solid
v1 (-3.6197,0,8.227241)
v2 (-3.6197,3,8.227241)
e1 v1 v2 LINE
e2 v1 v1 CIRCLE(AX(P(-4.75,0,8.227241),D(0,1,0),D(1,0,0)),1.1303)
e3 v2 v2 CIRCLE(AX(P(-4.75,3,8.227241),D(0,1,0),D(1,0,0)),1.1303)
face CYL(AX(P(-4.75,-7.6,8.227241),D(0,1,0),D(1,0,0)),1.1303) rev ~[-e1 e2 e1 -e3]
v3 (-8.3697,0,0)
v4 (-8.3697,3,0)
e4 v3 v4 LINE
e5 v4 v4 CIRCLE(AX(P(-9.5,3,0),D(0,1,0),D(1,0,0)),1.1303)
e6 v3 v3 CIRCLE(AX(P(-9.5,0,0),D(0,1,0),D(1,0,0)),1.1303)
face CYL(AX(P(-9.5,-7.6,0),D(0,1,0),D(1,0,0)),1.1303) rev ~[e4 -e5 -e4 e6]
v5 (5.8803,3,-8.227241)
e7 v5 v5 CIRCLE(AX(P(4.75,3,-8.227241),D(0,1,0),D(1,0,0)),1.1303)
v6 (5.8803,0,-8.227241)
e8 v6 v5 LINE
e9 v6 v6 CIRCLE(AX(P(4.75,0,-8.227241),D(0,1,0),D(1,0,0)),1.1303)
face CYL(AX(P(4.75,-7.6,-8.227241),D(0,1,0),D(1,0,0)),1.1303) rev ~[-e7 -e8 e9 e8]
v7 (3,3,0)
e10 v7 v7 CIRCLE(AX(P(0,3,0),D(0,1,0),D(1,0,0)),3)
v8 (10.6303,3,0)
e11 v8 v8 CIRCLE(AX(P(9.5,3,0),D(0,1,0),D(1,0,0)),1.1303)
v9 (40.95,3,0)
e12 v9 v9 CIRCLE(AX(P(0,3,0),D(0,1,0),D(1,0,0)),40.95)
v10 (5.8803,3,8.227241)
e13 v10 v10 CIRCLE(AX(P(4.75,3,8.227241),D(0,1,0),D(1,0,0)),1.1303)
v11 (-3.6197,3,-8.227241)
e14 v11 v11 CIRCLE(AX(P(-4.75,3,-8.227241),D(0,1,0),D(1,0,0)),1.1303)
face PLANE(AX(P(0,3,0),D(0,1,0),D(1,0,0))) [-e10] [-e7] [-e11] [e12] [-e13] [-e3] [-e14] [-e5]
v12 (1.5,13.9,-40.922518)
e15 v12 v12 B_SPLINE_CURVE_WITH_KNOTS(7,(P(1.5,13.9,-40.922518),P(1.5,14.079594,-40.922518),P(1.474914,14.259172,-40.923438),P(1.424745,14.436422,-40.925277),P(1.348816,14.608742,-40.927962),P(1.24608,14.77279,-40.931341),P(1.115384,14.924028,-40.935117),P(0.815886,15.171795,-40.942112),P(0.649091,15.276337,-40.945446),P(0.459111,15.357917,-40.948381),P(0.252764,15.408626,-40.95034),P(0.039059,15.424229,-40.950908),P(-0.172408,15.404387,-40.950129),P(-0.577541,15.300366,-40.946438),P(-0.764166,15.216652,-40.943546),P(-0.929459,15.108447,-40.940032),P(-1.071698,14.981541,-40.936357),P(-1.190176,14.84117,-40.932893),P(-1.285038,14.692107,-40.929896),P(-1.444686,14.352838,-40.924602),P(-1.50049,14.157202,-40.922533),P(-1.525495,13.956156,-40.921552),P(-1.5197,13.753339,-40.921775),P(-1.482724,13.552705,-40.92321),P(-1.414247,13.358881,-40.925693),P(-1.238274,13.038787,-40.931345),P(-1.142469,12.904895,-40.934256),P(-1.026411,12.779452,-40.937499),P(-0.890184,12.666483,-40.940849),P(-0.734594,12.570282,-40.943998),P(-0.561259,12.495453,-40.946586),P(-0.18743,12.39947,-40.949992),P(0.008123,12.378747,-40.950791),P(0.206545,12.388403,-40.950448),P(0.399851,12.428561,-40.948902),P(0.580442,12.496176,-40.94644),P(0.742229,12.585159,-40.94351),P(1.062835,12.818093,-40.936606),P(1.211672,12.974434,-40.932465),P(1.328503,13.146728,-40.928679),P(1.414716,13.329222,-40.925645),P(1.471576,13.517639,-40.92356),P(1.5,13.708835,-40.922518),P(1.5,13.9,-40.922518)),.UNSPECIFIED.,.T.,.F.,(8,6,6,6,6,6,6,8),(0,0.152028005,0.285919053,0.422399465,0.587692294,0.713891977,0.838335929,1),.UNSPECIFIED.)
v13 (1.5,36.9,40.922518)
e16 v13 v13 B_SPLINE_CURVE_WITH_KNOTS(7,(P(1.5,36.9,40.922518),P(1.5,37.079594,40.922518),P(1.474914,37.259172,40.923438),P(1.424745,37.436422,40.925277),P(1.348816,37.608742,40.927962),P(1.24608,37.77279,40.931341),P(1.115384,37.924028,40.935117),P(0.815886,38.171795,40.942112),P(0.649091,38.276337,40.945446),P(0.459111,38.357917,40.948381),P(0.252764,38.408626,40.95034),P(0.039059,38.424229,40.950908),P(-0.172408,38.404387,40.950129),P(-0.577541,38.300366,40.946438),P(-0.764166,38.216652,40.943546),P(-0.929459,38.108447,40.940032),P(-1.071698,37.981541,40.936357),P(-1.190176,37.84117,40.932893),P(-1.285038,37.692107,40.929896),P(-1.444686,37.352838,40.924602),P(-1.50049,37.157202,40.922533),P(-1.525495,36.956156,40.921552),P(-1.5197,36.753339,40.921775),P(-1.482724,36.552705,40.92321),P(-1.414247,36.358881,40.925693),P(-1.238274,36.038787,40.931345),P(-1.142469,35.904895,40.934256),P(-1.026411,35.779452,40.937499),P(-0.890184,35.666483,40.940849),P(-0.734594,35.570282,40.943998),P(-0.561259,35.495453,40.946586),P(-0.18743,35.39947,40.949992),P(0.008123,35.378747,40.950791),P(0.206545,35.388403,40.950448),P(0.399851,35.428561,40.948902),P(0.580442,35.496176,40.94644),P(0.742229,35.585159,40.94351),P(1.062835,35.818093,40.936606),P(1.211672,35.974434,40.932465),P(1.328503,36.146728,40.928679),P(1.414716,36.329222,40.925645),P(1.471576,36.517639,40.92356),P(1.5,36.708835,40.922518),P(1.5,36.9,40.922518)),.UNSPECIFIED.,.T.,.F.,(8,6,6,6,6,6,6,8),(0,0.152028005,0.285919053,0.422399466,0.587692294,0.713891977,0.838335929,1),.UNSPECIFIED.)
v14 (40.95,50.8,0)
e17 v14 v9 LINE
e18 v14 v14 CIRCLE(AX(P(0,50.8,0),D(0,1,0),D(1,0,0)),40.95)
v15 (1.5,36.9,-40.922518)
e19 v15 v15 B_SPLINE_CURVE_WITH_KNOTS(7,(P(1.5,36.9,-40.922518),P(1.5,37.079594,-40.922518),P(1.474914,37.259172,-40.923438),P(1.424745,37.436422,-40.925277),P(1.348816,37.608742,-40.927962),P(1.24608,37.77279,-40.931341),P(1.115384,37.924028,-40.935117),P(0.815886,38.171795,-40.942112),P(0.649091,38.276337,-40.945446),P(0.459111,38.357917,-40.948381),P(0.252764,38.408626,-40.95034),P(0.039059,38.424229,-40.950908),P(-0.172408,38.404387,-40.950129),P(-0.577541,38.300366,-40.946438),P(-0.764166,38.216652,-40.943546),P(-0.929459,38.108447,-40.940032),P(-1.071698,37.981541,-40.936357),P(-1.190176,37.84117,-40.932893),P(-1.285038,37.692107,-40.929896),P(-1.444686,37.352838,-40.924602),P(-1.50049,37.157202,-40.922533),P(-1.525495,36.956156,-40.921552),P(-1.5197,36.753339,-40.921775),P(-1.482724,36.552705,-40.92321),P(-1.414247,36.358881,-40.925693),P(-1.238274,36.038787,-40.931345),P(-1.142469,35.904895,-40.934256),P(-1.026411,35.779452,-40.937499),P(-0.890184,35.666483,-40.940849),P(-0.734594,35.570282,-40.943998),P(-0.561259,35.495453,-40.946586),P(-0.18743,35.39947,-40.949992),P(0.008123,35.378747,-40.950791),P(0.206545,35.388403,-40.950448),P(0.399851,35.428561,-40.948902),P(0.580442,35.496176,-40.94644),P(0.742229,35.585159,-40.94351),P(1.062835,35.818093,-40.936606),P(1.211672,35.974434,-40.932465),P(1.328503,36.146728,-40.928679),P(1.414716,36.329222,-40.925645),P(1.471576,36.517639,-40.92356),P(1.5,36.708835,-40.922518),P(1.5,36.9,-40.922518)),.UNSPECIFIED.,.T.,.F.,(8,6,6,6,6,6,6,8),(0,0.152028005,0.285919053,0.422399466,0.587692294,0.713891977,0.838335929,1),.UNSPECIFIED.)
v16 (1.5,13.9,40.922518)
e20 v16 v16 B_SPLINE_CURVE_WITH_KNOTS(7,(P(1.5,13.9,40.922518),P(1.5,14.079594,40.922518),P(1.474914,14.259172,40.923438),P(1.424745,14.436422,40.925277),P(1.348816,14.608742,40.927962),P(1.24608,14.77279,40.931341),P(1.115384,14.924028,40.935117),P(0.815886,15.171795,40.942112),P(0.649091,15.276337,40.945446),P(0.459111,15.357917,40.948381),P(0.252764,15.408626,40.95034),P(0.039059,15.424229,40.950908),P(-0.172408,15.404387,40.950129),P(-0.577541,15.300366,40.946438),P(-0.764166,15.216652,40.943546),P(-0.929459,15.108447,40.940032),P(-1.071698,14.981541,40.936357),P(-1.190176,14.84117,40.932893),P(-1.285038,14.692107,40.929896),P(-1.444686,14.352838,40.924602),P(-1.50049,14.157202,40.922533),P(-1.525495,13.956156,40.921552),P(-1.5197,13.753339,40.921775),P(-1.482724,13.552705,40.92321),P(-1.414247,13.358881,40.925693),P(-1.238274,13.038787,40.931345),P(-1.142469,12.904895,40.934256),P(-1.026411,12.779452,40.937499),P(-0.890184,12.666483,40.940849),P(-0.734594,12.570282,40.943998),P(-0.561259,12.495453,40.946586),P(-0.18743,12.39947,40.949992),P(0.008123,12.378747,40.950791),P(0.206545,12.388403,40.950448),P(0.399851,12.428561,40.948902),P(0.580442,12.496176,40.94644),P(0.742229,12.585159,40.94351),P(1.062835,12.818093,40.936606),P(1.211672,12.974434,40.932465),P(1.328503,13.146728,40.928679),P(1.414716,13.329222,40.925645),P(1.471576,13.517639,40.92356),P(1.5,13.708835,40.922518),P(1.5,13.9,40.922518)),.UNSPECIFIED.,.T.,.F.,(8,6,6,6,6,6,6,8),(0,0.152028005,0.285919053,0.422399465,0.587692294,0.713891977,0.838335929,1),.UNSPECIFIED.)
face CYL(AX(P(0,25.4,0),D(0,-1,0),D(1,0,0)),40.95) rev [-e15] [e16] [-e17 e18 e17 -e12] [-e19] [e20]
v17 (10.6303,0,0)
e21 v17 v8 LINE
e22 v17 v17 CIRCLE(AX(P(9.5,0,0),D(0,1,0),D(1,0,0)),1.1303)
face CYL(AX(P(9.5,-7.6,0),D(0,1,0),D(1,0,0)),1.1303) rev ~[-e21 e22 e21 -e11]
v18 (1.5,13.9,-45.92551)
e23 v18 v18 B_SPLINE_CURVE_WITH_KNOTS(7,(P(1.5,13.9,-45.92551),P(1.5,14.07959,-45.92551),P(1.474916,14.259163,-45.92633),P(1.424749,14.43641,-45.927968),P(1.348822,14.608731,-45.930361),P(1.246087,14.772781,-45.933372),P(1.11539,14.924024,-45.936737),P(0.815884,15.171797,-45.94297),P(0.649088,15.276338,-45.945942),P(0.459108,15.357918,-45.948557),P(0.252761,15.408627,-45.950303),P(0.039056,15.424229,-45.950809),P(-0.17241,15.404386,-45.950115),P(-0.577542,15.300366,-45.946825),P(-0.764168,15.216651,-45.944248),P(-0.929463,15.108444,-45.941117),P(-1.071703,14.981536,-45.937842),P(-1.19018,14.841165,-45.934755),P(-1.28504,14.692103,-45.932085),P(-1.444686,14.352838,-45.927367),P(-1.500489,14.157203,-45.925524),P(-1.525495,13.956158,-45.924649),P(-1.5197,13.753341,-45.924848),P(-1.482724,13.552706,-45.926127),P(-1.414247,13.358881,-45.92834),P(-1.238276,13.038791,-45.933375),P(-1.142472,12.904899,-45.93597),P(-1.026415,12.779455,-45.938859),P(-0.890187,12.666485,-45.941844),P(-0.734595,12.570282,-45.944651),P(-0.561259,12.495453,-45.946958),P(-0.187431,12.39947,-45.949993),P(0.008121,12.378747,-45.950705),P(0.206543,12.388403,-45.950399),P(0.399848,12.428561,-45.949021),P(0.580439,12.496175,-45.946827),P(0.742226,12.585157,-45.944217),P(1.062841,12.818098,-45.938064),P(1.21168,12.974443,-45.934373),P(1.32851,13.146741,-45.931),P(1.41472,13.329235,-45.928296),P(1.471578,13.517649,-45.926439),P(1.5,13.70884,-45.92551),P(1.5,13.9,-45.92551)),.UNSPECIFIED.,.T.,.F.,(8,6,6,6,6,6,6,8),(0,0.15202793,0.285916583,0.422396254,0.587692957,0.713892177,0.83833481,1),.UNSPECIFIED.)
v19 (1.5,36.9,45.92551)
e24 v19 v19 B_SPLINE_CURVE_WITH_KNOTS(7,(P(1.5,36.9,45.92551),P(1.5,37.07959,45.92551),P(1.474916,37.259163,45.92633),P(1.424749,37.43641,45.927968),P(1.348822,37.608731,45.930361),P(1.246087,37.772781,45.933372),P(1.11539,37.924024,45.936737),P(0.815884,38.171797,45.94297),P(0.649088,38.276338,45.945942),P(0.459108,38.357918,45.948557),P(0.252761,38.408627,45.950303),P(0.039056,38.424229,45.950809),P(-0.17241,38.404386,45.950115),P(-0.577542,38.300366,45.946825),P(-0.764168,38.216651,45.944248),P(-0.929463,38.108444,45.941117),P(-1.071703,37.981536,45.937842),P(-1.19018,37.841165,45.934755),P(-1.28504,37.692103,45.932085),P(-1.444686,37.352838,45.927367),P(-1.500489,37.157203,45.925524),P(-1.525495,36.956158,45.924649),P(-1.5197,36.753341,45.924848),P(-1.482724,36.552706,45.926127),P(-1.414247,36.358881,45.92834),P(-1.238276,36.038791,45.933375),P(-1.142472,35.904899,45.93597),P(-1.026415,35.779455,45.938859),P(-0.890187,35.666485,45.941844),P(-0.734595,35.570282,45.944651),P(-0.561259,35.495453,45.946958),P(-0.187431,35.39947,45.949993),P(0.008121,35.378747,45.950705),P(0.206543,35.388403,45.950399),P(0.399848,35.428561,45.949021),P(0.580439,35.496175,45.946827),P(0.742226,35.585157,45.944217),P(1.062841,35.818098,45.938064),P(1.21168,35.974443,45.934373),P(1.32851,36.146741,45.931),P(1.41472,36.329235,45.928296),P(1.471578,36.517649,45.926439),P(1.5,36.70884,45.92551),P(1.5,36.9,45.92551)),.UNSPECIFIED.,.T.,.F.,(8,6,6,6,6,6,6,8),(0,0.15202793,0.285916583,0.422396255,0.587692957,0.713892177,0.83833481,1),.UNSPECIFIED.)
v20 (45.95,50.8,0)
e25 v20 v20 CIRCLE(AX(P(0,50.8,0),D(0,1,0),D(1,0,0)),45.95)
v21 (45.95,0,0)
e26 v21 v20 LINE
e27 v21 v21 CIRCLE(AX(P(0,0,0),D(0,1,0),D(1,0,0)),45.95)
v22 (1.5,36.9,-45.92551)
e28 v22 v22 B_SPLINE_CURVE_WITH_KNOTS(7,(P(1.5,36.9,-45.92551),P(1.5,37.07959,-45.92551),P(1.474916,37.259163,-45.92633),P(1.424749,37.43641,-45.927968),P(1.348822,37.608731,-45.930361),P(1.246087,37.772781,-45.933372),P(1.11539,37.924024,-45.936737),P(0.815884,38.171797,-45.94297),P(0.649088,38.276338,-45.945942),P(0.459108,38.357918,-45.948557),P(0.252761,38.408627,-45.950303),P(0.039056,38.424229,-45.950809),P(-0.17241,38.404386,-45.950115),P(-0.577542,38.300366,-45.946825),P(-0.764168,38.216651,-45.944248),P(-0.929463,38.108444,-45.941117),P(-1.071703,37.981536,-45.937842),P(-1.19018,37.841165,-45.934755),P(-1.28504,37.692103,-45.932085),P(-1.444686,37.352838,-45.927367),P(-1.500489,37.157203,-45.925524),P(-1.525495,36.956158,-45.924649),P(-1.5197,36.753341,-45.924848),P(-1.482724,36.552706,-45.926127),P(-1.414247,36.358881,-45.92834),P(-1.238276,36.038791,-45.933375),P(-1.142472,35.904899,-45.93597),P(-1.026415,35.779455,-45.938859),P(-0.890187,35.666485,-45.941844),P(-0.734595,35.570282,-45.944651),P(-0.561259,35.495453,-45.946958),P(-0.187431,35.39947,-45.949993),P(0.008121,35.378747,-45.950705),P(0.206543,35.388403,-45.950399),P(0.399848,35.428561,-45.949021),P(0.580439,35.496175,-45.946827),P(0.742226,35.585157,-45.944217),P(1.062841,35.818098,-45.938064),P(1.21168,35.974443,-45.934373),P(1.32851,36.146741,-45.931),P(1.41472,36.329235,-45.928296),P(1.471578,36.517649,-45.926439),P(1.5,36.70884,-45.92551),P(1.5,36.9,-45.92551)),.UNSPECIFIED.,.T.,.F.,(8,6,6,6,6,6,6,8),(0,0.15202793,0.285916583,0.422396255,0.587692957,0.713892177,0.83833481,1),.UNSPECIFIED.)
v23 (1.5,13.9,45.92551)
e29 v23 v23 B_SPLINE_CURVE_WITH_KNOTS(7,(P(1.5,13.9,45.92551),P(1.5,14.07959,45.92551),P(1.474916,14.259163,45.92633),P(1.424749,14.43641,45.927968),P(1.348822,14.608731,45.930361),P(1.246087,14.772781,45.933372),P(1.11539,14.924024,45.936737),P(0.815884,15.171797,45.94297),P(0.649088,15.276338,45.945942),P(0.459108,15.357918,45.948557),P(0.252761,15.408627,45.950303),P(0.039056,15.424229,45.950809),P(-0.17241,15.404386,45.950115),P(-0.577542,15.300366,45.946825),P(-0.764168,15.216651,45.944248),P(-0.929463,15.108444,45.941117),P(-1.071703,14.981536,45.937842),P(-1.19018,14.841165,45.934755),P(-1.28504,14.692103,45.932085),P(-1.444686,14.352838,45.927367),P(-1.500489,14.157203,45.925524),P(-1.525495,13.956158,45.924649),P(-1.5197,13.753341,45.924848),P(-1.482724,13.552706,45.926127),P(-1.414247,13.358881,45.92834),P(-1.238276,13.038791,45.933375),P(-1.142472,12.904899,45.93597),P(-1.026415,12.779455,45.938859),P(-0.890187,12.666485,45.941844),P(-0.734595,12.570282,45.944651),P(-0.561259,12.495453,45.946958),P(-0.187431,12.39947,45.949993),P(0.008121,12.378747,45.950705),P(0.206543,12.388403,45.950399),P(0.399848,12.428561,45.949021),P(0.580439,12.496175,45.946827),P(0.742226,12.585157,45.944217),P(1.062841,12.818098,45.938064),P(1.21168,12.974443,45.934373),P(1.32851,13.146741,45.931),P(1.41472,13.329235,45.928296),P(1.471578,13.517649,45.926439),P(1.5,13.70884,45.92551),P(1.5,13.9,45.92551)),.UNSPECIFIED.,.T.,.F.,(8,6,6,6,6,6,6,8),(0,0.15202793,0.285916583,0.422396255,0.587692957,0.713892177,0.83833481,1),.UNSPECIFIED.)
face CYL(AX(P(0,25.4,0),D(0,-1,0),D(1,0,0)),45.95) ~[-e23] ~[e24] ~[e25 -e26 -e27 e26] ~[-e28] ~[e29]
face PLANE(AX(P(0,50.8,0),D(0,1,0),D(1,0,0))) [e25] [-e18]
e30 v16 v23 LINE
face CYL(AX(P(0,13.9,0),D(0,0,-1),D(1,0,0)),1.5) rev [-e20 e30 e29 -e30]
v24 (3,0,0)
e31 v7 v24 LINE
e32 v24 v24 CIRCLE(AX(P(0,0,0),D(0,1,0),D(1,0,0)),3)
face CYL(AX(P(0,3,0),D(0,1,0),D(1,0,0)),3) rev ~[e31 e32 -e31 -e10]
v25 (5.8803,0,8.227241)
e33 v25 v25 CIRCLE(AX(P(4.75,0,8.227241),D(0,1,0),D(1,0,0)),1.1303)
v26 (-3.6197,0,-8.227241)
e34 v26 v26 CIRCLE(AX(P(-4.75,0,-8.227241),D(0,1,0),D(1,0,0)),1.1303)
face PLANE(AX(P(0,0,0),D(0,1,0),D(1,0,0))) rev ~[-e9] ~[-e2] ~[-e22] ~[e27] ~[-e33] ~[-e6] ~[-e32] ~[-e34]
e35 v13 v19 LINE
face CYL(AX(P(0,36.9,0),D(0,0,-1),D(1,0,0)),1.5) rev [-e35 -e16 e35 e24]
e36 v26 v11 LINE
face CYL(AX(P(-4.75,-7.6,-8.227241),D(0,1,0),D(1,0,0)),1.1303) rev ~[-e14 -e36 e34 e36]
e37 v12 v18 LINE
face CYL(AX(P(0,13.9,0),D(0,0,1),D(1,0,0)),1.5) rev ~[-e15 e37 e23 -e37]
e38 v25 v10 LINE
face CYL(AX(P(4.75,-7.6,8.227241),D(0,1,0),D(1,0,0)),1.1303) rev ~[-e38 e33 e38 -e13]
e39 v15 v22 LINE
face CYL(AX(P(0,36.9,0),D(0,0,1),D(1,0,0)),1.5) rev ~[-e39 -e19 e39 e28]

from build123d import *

# Parameters (mm, degrees)
SKETCH1_R                 = 45.95
BOSS_EXTRUDE1_DEPTH       = 3
SKETCH2_R                 = 45.95
SKETCH2_R_2               = 40.95
BOSS_EXTRUDE2_DEPTH       = 22.4
F_4_40_TAPPED_HOLE3_D     = 2.2606
F_4_40_TAPPED_HOLE3_DEPTH = 7.6
F_4_40_TAPPED_HOLE3_TIP   = 0.679152758
SKETCH11_R                = 1.5
CUT_EXTRUDE1_DEPTH        = 46.95
CUT_EXTRUDE1_DEPTH_BACK   = 46.95
SKETCH12_R                = 45.95
SKETCH12_R_2              = 40.95
BOSS_EXTRUDE3_DEPTH       = 25.4
SKETCH14_R                = 1.5
CUT_EXTRUDE2_DEPTH        = 46.95000011
CUT_EXTRUDE2_DEPTH_BACK   = 46.95000011
SKETCH15_R                = 3
CUT_EXTRUDE3_DEPTH        = 10


with BuildPart() as part:
    # Sketch1 → Boss-Extrude1 (new body)
    with BuildSketch(Plane(origin=(0, 0, 0), x_dir=(1, 0, 0), z_dir=(0, 1, 0))):
        Circle(SKETCH1_R)
    extrude(amount=BOSS_EXTRUDE1_DEPTH)

    # Sketch2 → Boss-Extrude2 (add)
    with BuildSketch(Plane(origin=(0, 3, 0), x_dir=(1, 0, 0), z_dir=(0, 1, 0))):
        Circle(SKETCH2_R)
        Circle(SKETCH2_R_2, mode=Mode.SUBTRACT)
    extrude(amount=BOSS_EXTRUDE2_DEPTH)

    # #4-40 Tapped Hole3
    with Locations(Plane(origin=(0, 0, 0), x_dir=(-1, 0, 0), z_dir=(0, -1, 0))):
        with Locations((9.5, 0), (4.75, -8.227241336), (-4.75, -8.227241336), (-9.5, 0), (-4.75, 8.227241336), (4.75, 8.227241336)):
            Hole(F_4_40_TAPPED_HOLE3_D / 2, depth=F_4_40_TAPPED_HOLE3_DEPTH)
            with Locations((0, 0, -(F_4_40_TAPPED_HOLE3_DEPTH + F_4_40_TAPPED_HOLE3_TIP / 2))):  # 118° drill point
                Cone(0, F_4_40_TAPPED_HOLE3_D / 2, F_4_40_TAPPED_HOLE3_TIP, mode=Mode.SUBTRACT)

    # Sketch11 → Cut-Extrude1 (cut, two sides)
    with BuildSketch(Plane.XY) as cut_extrude1_sk:
        with Locations((0, 13.9)):
            Circle(SKETCH11_R)
        with Locations((0, -13.9)):
            Circle(SKETCH11_R)
    extrude(amount=CUT_EXTRUDE1_DEPTH, mode=Mode.SUBTRACT)
    extrude(cut_extrude1_sk.sketch, amount=-CUT_EXTRUDE1_DEPTH_BACK, mode=Mode.SUBTRACT)

    # Sketch12 → Boss-Extrude3 (add)
    with BuildSketch(Plane(origin=(0, 25.4, 0), x_dir=(1, 0, 0), z_dir=(0, 1, 0))):
        Circle(SKETCH12_R)
        Circle(SKETCH12_R_2, mode=Mode.SUBTRACT)
    extrude(amount=BOSS_EXTRUDE3_DEPTH)

    # Sketch14 → Cut-Extrude2 (cut, two sides)
    with BuildSketch(Plane.XY) as cut_extrude2_sk:
        with Locations((0, 36.9)):
            Circle(SKETCH14_R)
    extrude(amount=CUT_EXTRUDE2_DEPTH, mode=Mode.SUBTRACT)
    extrude(cut_extrude2_sk.sketch, amount=-CUT_EXTRUDE2_DEPTH_BACK, mode=Mode.SUBTRACT)

    # Sketch15 → Cut-Extrude3 (cut)
    with BuildSketch(Plane(origin=(0, 3, 0), x_dir=(1, 0, 0), z_dir=(0, 1, 0))):
        Circle(SKETCH15_R)
    extrude(amount=-CUT_EXTRUDE3_DEPTH, mode=Mode.SUBTRACT)


solid = part.part
